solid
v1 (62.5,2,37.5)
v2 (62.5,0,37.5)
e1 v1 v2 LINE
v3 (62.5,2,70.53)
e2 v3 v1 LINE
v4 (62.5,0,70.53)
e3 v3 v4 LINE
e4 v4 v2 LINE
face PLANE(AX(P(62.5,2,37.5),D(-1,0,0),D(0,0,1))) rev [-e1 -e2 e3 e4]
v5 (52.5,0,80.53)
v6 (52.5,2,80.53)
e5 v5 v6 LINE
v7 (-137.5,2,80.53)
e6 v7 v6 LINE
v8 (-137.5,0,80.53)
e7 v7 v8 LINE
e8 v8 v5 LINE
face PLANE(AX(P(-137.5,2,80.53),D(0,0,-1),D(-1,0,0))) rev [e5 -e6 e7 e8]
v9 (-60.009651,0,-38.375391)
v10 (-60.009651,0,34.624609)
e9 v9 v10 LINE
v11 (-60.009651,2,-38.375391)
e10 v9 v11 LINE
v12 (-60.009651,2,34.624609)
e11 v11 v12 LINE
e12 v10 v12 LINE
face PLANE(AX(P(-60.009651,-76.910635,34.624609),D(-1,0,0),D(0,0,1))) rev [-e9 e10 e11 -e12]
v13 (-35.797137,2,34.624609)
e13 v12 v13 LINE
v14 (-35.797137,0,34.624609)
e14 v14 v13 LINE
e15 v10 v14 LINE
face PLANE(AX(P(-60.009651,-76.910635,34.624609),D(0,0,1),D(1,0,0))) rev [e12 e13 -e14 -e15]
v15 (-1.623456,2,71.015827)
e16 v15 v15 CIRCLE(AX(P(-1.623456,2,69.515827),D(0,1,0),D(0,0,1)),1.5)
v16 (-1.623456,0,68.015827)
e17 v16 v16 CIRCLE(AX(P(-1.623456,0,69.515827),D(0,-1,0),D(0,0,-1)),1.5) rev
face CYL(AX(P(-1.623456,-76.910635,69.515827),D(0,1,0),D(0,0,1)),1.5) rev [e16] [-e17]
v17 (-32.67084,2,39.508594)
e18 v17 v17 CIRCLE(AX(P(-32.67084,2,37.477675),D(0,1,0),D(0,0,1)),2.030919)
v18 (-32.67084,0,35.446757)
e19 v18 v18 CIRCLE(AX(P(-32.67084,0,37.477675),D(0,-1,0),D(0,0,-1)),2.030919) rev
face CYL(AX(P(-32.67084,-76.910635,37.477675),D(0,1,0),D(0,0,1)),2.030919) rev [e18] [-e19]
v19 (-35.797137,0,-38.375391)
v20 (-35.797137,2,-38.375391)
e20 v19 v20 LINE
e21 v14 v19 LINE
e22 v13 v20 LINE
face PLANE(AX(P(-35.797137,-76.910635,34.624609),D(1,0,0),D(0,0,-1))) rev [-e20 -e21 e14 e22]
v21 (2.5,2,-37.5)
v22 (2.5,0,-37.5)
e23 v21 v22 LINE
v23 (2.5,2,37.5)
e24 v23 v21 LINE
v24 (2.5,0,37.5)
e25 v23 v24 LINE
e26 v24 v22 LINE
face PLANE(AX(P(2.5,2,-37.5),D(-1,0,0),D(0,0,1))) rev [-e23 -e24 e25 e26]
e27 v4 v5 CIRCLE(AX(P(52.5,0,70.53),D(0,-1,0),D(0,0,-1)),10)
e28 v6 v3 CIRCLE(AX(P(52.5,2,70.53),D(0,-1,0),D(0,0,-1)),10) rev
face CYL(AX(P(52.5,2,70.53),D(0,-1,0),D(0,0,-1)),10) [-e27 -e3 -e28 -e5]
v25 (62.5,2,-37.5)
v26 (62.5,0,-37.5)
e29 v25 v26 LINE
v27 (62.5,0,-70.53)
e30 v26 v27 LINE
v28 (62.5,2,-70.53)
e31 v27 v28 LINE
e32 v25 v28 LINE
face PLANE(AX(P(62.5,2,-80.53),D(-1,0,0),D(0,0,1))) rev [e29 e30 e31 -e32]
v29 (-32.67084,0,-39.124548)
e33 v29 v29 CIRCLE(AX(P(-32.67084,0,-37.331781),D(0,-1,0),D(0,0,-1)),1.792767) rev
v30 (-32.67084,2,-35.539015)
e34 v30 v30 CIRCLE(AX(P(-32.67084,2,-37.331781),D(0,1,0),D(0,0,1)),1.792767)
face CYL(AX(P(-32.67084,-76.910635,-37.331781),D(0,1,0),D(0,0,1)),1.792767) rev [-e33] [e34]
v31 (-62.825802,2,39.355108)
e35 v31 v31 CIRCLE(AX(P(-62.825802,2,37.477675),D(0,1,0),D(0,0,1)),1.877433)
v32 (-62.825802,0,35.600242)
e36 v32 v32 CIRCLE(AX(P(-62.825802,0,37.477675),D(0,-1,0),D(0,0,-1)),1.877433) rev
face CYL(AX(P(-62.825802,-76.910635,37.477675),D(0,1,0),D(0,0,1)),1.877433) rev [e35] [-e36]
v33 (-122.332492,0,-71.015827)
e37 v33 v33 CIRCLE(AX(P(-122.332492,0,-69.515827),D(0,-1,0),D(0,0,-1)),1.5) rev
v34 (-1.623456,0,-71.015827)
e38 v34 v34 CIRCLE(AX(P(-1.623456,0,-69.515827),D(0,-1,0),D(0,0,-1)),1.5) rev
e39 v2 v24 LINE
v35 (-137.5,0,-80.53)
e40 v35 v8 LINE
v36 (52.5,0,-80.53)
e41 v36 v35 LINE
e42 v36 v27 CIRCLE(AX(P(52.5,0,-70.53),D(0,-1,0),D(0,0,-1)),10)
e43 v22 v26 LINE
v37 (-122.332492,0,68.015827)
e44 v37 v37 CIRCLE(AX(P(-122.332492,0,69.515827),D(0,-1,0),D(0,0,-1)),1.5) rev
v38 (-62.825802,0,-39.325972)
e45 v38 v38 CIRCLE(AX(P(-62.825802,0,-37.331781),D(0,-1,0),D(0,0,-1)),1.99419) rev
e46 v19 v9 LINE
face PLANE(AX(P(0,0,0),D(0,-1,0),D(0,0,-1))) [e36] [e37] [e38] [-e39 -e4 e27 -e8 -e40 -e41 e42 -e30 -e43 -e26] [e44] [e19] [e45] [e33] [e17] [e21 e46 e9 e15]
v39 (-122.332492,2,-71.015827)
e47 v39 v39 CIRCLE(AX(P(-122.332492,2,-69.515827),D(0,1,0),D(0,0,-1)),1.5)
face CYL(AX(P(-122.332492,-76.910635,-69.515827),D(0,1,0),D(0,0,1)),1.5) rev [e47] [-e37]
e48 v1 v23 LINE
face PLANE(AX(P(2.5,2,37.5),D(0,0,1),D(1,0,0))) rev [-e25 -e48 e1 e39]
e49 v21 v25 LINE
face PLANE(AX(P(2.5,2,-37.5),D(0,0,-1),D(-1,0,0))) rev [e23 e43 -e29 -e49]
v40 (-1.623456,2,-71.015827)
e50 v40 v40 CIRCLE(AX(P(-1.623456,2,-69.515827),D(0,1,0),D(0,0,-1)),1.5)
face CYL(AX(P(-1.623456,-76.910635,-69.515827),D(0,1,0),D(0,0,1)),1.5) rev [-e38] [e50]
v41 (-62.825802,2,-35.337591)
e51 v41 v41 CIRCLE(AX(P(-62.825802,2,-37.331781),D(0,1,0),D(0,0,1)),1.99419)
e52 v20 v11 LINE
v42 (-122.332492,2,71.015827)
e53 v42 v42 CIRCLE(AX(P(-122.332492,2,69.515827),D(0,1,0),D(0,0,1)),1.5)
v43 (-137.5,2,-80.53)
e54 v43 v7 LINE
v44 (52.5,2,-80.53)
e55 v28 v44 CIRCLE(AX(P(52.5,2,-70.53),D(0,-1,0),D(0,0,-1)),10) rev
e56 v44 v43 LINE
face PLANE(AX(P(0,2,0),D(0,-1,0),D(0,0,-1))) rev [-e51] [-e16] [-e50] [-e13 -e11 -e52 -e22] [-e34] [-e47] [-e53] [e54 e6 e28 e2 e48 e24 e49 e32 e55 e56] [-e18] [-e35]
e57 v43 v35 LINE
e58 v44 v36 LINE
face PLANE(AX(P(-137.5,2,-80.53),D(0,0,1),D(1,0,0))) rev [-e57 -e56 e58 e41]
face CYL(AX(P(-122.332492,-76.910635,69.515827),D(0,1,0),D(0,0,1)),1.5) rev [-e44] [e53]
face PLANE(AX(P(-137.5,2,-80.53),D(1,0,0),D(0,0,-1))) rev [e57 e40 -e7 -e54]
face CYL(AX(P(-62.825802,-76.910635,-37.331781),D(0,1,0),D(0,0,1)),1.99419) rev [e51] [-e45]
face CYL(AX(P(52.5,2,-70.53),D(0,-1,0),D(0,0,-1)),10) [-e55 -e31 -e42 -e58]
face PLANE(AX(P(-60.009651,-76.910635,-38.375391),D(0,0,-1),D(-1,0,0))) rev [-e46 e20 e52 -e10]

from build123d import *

# Parameters (mm, degrees)
BOSS_EXTRUDE1_DEPTH = 2
SKETCH2_R           = 1.5
SKETCH2_R_2         = 1.792766803
SKETCH2_R_3         = 1.994190211
SKETCH2_R_4         = 1.877433279
SKETCH2_R_5         = 2.03091858
SKETCH2_W           = 24.212513721
SKETCH2_H           = 73
CUT_EXTRUDE1_DEPTH  = 2
FILLET1_R           = 10


with BuildPart() as part:
    # Sketch1 → Boss-Extrude1 (new body)
    with BuildSketch(Plane(origin=(0, 0, 0), x_dir=(1, 0, 0), z_dir=(0, 1, 0))):
        Polygon((62.5, -37.5), (62.5, -80.53), (-137.5, -80.53), (-137.5, 80.53), (62.5, 80.53), (62.5, 37.5), (2.5, 37.5), (2.5, -37.5), align=None)
    extrude(amount=BOSS_EXTRUDE1_DEPTH)

    # Sketch2 → Cut-Extrude1 (cut)
    with BuildSketch(Plane(origin=(0, 2, 0), x_dir=(1, 0, 0), z_dir=(0, 1, 0))):
        with Locations(Location((-122.332492344, -69.515826612, 0), (0, 0, 270))):
            Circle(SKETCH2_R)
        with Locations(Location((-1.623456056, -69.515826612, 0), (0, 0, 270))):
            Circle(SKETCH2_R)
        with Locations(Location((-122.332492344, 69.515826612, 0), (0, 0, 90))):
            Circle(SKETCH2_R)
        with Locations(Location((-1.623456056, 69.515826612, 0), (0, 0, 90))):
            Circle(SKETCH2_R)
        with Locations(Location((-32.670840378, 37.331781413, 0), (0, 0, 270))):
            Circle(SKETCH2_R_2)
        with Locations(Location((-62.825802134, 37.331781413, 0), (0, 0, 270))):
            Circle(SKETCH2_R_3)
        with Locations(Location((-62.825802134, -37.477675213, 0), (0, 0, 270))):
            Circle(SKETCH2_R_4)
        with Locations(Location((-32.670840378, -37.477675213, 0), (0, 0, 270))):
            Circle(SKETCH2_R_5)
        with Locations((-47.903394007, 1.875391481)):
            Rectangle(SKETCH2_W, SKETCH2_H)
    extrude(amount=-CUT_EXTRUDE1_DEPTH, mode=Mode.SUBTRACT)

    # Fillet1
    fillet1_edges = [part.edges().sort_by_distance(p)[0] for p in [
        (62.5, 1, -80.53),
        (62.5, 1, 80.53),
    ]]
    fillet(fillet1_edges, radius=FILLET1_R)


solid = part.part
